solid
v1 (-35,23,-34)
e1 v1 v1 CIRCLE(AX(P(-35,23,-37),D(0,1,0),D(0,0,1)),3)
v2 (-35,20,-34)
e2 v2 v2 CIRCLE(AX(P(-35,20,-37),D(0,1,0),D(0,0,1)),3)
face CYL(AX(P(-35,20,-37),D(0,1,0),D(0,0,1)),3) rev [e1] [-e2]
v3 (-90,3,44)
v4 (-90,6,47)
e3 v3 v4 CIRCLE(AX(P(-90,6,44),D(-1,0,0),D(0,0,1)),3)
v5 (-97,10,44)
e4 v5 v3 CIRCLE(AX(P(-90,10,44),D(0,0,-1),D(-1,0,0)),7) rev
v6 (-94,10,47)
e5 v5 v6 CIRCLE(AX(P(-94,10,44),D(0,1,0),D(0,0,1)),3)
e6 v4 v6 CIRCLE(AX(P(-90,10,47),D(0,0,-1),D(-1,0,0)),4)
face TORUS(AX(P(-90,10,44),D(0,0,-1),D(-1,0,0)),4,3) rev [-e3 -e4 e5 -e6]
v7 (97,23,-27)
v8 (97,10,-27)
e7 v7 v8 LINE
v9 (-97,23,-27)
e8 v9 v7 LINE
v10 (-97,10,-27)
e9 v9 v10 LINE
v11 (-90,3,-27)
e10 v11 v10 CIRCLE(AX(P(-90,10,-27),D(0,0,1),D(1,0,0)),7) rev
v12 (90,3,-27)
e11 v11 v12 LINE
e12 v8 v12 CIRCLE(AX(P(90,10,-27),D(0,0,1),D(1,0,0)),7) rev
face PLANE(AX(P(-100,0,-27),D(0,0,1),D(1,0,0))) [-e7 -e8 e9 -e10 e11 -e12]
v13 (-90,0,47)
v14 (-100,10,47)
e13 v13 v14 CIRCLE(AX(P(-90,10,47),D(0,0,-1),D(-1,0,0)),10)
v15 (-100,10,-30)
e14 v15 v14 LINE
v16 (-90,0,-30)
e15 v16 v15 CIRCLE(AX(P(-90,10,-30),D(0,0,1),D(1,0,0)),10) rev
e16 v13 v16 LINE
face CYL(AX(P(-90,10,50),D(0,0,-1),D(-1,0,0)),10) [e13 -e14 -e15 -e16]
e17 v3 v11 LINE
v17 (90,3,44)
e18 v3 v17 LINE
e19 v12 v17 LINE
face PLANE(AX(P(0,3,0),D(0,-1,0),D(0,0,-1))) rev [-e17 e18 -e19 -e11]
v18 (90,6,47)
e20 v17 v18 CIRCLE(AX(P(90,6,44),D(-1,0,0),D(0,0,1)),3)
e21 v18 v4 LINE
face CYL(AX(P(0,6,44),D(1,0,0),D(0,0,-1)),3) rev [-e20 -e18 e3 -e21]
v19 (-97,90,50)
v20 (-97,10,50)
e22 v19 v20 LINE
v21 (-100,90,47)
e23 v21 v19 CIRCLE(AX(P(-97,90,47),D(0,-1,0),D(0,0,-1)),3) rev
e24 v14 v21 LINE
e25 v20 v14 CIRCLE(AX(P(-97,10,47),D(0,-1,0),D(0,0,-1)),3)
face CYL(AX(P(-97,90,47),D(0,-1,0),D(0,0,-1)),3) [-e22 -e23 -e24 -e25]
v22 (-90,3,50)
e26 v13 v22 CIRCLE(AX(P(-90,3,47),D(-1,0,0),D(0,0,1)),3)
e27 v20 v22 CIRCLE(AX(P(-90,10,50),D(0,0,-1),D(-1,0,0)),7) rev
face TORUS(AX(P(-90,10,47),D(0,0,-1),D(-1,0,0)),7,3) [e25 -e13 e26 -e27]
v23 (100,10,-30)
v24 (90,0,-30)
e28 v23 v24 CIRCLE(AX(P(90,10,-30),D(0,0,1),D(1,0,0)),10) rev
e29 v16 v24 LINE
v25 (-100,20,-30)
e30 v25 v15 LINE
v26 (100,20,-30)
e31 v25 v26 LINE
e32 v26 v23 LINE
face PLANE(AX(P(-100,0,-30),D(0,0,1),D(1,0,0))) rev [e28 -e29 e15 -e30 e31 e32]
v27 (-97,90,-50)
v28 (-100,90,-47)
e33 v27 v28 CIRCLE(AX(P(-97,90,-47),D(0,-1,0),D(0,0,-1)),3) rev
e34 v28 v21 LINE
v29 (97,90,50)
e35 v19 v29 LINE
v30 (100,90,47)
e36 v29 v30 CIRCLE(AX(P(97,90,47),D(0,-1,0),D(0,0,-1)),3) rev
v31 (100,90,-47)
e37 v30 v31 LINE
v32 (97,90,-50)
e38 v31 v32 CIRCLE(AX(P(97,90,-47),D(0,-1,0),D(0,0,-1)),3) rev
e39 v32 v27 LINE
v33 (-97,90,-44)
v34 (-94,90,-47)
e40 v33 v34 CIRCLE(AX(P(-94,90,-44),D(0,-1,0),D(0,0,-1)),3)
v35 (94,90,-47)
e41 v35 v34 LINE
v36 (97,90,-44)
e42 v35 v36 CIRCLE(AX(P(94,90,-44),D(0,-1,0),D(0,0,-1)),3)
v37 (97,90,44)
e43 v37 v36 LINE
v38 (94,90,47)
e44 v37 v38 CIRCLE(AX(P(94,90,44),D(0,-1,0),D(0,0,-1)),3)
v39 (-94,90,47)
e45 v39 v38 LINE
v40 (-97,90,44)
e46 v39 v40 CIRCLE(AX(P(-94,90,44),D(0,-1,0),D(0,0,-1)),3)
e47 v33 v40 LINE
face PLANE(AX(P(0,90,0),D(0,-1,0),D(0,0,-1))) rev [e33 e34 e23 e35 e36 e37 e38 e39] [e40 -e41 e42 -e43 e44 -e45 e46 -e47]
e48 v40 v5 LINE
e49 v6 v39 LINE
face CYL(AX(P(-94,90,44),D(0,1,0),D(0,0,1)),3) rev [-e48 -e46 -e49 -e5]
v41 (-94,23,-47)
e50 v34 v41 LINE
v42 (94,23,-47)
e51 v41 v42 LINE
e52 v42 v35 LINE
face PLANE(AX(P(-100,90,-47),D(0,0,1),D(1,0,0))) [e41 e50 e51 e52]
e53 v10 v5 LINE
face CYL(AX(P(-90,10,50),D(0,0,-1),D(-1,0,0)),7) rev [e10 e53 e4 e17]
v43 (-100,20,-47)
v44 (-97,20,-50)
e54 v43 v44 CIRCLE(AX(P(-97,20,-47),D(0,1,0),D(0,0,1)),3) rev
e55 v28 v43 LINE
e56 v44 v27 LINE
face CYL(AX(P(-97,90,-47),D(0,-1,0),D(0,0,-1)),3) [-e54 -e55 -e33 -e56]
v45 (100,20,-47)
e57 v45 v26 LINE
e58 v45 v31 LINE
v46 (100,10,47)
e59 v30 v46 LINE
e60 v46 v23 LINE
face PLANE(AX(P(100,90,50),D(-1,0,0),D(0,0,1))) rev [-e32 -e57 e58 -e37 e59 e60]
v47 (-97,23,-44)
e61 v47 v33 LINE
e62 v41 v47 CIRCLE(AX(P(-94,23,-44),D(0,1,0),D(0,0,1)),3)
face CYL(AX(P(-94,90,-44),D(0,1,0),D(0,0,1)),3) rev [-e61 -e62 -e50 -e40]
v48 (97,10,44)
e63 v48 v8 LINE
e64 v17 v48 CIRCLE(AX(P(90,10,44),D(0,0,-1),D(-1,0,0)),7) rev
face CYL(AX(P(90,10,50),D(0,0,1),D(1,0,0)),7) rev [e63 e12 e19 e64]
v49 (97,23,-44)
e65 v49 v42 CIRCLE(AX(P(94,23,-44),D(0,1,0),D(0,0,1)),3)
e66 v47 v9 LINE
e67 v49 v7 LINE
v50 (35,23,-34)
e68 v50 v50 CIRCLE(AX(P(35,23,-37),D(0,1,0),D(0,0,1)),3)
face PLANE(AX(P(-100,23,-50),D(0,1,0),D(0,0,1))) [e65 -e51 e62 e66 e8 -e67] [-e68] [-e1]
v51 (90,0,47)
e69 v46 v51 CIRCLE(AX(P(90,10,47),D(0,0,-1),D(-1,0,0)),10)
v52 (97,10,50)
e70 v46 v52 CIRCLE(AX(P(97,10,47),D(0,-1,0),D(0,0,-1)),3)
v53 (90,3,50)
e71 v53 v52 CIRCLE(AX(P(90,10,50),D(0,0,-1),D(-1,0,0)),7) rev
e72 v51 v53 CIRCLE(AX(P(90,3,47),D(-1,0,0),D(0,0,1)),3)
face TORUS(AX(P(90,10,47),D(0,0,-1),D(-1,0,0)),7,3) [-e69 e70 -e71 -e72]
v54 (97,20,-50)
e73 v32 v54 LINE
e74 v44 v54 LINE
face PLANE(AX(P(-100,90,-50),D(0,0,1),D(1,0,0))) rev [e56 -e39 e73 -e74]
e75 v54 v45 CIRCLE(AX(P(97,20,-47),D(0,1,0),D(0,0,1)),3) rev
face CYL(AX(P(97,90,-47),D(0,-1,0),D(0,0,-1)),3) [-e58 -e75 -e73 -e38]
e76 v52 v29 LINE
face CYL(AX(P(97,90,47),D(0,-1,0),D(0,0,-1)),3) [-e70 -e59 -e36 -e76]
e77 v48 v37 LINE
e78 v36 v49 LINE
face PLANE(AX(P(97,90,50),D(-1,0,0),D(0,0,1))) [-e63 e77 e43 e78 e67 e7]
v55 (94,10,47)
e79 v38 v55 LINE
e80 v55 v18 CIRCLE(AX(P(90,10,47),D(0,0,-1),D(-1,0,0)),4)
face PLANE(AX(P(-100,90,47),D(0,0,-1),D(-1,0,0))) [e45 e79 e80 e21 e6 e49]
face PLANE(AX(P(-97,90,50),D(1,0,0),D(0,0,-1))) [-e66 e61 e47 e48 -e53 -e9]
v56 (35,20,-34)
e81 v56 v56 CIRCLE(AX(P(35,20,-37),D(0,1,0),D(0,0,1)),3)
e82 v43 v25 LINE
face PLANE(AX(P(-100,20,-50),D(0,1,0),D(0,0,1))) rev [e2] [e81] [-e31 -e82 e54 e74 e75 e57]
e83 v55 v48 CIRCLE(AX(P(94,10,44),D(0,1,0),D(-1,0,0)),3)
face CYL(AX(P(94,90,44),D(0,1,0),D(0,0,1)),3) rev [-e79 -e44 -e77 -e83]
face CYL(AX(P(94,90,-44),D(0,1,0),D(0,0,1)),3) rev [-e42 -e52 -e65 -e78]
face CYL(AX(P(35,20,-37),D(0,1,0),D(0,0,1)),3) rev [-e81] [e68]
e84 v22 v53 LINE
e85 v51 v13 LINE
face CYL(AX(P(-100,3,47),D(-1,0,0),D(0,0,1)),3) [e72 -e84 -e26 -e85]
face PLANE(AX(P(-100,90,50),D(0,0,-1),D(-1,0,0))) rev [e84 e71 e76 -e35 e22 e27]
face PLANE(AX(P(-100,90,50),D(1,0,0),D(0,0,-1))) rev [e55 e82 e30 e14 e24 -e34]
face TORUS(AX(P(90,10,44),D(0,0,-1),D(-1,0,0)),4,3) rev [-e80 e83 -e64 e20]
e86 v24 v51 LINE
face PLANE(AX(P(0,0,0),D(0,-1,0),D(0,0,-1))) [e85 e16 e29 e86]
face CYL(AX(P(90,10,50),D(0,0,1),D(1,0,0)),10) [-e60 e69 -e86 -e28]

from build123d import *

# Parameters (mm, degrees)
SKETCH_1_W          = 200
SKETCH_1_H          = 100
EXTRUDE_1_DEPTH     = 90
SKETCH_2_W          = 20
SKETCH_2_H          = 20
CUT_EXTRUDE_1_DEPTH = 200
FILLET_1_R          = 10
SHELL_1_T           = -3
FILLET_2_R          = 3
SKETCH_3_R          = 3
CUT_EXTRUDE_2_DEPTH = 3


with BuildPart() as part:
    # 草圖1 → 填料-伸長1 (new body)
    with BuildSketch(Plane(origin=(0, 0, 0), x_dir=(1, 0, 0), z_dir=(0, 1, 0))):
        Rectangle(SKETCH_1_W, SKETCH_1_H)
    extrude(amount=EXTRUDE_1_DEPTH)

    # 草圖2 → 除料-伸長1 (cut)
    with BuildSketch(Plane(origin=(100, 0, 0), x_dir=(0, 0, -1), z_dir=(1, 0, 0))):
        with Locations((40, 10)):
            Rectangle(SKETCH_2_W, SKETCH_2_H)
    extrude(amount=-CUT_EXTRUDE_1_DEPTH, mode=Mode.SUBTRACT)

    # 圓角1
    fillet_1_edges = [part.edges().sort_by_distance(p)[0] for p in [
        (-100, 0, 10),
        (100, 0, 10),
    ]]
    fillet(fillet_1_edges, radius=FILLET_1_R)

    # 薄殼1
    shell_1_openings = [part.faces().sort_by_distance(p)[0] for p in [
        (0, 90, 0),
    ]]
    offset(amount=SHELL_1_T, openings=shell_1_openings, kind=Kind.INTERSECTION)

    # 圓角2
    fillet_2_edges = [part.edges().sort_by_distance(p)[0] for p in [
        (0, 0, 50),
        (97.071067812, 2.928932188, 50),
        (-97.071067812, 2.928932188, 50),
        (97, 50, 47),
        (97, 56.5, -47),
        (-97, 56.5, -47),
        (-97, 50, 47),
        (-94.949747468, 5.050252532, 47),
        (0, 3, 47),
        (94.949747468, 5.050252532, 47),
        (100, 50, 50),
        (-100, 50, 50),
        (-100, 55, -50),
        (100, 55, -50),
    ]]
    fillet(fillet_2_edges, radius=FILLET_2_R)

    # 草圖3 → 除料-伸長2 (cut)
    with BuildSketch(Plane(origin=(0, 23, 0), x_dir=(1, 0, 0), z_dir=(0, 1, 0))):
        with Locations(Location((-35, 37, 0), (0, 0, 270))):
            Circle(SKETCH_3_R)
        with Locations(Location((35, 37, 0), (0, 0, 270))):
            Circle(SKETCH_3_R)
    extrude(amount=-CUT_EXTRUDE_2_DEPTH, mode=Mode.SUBTRACT)


solid = part.part
